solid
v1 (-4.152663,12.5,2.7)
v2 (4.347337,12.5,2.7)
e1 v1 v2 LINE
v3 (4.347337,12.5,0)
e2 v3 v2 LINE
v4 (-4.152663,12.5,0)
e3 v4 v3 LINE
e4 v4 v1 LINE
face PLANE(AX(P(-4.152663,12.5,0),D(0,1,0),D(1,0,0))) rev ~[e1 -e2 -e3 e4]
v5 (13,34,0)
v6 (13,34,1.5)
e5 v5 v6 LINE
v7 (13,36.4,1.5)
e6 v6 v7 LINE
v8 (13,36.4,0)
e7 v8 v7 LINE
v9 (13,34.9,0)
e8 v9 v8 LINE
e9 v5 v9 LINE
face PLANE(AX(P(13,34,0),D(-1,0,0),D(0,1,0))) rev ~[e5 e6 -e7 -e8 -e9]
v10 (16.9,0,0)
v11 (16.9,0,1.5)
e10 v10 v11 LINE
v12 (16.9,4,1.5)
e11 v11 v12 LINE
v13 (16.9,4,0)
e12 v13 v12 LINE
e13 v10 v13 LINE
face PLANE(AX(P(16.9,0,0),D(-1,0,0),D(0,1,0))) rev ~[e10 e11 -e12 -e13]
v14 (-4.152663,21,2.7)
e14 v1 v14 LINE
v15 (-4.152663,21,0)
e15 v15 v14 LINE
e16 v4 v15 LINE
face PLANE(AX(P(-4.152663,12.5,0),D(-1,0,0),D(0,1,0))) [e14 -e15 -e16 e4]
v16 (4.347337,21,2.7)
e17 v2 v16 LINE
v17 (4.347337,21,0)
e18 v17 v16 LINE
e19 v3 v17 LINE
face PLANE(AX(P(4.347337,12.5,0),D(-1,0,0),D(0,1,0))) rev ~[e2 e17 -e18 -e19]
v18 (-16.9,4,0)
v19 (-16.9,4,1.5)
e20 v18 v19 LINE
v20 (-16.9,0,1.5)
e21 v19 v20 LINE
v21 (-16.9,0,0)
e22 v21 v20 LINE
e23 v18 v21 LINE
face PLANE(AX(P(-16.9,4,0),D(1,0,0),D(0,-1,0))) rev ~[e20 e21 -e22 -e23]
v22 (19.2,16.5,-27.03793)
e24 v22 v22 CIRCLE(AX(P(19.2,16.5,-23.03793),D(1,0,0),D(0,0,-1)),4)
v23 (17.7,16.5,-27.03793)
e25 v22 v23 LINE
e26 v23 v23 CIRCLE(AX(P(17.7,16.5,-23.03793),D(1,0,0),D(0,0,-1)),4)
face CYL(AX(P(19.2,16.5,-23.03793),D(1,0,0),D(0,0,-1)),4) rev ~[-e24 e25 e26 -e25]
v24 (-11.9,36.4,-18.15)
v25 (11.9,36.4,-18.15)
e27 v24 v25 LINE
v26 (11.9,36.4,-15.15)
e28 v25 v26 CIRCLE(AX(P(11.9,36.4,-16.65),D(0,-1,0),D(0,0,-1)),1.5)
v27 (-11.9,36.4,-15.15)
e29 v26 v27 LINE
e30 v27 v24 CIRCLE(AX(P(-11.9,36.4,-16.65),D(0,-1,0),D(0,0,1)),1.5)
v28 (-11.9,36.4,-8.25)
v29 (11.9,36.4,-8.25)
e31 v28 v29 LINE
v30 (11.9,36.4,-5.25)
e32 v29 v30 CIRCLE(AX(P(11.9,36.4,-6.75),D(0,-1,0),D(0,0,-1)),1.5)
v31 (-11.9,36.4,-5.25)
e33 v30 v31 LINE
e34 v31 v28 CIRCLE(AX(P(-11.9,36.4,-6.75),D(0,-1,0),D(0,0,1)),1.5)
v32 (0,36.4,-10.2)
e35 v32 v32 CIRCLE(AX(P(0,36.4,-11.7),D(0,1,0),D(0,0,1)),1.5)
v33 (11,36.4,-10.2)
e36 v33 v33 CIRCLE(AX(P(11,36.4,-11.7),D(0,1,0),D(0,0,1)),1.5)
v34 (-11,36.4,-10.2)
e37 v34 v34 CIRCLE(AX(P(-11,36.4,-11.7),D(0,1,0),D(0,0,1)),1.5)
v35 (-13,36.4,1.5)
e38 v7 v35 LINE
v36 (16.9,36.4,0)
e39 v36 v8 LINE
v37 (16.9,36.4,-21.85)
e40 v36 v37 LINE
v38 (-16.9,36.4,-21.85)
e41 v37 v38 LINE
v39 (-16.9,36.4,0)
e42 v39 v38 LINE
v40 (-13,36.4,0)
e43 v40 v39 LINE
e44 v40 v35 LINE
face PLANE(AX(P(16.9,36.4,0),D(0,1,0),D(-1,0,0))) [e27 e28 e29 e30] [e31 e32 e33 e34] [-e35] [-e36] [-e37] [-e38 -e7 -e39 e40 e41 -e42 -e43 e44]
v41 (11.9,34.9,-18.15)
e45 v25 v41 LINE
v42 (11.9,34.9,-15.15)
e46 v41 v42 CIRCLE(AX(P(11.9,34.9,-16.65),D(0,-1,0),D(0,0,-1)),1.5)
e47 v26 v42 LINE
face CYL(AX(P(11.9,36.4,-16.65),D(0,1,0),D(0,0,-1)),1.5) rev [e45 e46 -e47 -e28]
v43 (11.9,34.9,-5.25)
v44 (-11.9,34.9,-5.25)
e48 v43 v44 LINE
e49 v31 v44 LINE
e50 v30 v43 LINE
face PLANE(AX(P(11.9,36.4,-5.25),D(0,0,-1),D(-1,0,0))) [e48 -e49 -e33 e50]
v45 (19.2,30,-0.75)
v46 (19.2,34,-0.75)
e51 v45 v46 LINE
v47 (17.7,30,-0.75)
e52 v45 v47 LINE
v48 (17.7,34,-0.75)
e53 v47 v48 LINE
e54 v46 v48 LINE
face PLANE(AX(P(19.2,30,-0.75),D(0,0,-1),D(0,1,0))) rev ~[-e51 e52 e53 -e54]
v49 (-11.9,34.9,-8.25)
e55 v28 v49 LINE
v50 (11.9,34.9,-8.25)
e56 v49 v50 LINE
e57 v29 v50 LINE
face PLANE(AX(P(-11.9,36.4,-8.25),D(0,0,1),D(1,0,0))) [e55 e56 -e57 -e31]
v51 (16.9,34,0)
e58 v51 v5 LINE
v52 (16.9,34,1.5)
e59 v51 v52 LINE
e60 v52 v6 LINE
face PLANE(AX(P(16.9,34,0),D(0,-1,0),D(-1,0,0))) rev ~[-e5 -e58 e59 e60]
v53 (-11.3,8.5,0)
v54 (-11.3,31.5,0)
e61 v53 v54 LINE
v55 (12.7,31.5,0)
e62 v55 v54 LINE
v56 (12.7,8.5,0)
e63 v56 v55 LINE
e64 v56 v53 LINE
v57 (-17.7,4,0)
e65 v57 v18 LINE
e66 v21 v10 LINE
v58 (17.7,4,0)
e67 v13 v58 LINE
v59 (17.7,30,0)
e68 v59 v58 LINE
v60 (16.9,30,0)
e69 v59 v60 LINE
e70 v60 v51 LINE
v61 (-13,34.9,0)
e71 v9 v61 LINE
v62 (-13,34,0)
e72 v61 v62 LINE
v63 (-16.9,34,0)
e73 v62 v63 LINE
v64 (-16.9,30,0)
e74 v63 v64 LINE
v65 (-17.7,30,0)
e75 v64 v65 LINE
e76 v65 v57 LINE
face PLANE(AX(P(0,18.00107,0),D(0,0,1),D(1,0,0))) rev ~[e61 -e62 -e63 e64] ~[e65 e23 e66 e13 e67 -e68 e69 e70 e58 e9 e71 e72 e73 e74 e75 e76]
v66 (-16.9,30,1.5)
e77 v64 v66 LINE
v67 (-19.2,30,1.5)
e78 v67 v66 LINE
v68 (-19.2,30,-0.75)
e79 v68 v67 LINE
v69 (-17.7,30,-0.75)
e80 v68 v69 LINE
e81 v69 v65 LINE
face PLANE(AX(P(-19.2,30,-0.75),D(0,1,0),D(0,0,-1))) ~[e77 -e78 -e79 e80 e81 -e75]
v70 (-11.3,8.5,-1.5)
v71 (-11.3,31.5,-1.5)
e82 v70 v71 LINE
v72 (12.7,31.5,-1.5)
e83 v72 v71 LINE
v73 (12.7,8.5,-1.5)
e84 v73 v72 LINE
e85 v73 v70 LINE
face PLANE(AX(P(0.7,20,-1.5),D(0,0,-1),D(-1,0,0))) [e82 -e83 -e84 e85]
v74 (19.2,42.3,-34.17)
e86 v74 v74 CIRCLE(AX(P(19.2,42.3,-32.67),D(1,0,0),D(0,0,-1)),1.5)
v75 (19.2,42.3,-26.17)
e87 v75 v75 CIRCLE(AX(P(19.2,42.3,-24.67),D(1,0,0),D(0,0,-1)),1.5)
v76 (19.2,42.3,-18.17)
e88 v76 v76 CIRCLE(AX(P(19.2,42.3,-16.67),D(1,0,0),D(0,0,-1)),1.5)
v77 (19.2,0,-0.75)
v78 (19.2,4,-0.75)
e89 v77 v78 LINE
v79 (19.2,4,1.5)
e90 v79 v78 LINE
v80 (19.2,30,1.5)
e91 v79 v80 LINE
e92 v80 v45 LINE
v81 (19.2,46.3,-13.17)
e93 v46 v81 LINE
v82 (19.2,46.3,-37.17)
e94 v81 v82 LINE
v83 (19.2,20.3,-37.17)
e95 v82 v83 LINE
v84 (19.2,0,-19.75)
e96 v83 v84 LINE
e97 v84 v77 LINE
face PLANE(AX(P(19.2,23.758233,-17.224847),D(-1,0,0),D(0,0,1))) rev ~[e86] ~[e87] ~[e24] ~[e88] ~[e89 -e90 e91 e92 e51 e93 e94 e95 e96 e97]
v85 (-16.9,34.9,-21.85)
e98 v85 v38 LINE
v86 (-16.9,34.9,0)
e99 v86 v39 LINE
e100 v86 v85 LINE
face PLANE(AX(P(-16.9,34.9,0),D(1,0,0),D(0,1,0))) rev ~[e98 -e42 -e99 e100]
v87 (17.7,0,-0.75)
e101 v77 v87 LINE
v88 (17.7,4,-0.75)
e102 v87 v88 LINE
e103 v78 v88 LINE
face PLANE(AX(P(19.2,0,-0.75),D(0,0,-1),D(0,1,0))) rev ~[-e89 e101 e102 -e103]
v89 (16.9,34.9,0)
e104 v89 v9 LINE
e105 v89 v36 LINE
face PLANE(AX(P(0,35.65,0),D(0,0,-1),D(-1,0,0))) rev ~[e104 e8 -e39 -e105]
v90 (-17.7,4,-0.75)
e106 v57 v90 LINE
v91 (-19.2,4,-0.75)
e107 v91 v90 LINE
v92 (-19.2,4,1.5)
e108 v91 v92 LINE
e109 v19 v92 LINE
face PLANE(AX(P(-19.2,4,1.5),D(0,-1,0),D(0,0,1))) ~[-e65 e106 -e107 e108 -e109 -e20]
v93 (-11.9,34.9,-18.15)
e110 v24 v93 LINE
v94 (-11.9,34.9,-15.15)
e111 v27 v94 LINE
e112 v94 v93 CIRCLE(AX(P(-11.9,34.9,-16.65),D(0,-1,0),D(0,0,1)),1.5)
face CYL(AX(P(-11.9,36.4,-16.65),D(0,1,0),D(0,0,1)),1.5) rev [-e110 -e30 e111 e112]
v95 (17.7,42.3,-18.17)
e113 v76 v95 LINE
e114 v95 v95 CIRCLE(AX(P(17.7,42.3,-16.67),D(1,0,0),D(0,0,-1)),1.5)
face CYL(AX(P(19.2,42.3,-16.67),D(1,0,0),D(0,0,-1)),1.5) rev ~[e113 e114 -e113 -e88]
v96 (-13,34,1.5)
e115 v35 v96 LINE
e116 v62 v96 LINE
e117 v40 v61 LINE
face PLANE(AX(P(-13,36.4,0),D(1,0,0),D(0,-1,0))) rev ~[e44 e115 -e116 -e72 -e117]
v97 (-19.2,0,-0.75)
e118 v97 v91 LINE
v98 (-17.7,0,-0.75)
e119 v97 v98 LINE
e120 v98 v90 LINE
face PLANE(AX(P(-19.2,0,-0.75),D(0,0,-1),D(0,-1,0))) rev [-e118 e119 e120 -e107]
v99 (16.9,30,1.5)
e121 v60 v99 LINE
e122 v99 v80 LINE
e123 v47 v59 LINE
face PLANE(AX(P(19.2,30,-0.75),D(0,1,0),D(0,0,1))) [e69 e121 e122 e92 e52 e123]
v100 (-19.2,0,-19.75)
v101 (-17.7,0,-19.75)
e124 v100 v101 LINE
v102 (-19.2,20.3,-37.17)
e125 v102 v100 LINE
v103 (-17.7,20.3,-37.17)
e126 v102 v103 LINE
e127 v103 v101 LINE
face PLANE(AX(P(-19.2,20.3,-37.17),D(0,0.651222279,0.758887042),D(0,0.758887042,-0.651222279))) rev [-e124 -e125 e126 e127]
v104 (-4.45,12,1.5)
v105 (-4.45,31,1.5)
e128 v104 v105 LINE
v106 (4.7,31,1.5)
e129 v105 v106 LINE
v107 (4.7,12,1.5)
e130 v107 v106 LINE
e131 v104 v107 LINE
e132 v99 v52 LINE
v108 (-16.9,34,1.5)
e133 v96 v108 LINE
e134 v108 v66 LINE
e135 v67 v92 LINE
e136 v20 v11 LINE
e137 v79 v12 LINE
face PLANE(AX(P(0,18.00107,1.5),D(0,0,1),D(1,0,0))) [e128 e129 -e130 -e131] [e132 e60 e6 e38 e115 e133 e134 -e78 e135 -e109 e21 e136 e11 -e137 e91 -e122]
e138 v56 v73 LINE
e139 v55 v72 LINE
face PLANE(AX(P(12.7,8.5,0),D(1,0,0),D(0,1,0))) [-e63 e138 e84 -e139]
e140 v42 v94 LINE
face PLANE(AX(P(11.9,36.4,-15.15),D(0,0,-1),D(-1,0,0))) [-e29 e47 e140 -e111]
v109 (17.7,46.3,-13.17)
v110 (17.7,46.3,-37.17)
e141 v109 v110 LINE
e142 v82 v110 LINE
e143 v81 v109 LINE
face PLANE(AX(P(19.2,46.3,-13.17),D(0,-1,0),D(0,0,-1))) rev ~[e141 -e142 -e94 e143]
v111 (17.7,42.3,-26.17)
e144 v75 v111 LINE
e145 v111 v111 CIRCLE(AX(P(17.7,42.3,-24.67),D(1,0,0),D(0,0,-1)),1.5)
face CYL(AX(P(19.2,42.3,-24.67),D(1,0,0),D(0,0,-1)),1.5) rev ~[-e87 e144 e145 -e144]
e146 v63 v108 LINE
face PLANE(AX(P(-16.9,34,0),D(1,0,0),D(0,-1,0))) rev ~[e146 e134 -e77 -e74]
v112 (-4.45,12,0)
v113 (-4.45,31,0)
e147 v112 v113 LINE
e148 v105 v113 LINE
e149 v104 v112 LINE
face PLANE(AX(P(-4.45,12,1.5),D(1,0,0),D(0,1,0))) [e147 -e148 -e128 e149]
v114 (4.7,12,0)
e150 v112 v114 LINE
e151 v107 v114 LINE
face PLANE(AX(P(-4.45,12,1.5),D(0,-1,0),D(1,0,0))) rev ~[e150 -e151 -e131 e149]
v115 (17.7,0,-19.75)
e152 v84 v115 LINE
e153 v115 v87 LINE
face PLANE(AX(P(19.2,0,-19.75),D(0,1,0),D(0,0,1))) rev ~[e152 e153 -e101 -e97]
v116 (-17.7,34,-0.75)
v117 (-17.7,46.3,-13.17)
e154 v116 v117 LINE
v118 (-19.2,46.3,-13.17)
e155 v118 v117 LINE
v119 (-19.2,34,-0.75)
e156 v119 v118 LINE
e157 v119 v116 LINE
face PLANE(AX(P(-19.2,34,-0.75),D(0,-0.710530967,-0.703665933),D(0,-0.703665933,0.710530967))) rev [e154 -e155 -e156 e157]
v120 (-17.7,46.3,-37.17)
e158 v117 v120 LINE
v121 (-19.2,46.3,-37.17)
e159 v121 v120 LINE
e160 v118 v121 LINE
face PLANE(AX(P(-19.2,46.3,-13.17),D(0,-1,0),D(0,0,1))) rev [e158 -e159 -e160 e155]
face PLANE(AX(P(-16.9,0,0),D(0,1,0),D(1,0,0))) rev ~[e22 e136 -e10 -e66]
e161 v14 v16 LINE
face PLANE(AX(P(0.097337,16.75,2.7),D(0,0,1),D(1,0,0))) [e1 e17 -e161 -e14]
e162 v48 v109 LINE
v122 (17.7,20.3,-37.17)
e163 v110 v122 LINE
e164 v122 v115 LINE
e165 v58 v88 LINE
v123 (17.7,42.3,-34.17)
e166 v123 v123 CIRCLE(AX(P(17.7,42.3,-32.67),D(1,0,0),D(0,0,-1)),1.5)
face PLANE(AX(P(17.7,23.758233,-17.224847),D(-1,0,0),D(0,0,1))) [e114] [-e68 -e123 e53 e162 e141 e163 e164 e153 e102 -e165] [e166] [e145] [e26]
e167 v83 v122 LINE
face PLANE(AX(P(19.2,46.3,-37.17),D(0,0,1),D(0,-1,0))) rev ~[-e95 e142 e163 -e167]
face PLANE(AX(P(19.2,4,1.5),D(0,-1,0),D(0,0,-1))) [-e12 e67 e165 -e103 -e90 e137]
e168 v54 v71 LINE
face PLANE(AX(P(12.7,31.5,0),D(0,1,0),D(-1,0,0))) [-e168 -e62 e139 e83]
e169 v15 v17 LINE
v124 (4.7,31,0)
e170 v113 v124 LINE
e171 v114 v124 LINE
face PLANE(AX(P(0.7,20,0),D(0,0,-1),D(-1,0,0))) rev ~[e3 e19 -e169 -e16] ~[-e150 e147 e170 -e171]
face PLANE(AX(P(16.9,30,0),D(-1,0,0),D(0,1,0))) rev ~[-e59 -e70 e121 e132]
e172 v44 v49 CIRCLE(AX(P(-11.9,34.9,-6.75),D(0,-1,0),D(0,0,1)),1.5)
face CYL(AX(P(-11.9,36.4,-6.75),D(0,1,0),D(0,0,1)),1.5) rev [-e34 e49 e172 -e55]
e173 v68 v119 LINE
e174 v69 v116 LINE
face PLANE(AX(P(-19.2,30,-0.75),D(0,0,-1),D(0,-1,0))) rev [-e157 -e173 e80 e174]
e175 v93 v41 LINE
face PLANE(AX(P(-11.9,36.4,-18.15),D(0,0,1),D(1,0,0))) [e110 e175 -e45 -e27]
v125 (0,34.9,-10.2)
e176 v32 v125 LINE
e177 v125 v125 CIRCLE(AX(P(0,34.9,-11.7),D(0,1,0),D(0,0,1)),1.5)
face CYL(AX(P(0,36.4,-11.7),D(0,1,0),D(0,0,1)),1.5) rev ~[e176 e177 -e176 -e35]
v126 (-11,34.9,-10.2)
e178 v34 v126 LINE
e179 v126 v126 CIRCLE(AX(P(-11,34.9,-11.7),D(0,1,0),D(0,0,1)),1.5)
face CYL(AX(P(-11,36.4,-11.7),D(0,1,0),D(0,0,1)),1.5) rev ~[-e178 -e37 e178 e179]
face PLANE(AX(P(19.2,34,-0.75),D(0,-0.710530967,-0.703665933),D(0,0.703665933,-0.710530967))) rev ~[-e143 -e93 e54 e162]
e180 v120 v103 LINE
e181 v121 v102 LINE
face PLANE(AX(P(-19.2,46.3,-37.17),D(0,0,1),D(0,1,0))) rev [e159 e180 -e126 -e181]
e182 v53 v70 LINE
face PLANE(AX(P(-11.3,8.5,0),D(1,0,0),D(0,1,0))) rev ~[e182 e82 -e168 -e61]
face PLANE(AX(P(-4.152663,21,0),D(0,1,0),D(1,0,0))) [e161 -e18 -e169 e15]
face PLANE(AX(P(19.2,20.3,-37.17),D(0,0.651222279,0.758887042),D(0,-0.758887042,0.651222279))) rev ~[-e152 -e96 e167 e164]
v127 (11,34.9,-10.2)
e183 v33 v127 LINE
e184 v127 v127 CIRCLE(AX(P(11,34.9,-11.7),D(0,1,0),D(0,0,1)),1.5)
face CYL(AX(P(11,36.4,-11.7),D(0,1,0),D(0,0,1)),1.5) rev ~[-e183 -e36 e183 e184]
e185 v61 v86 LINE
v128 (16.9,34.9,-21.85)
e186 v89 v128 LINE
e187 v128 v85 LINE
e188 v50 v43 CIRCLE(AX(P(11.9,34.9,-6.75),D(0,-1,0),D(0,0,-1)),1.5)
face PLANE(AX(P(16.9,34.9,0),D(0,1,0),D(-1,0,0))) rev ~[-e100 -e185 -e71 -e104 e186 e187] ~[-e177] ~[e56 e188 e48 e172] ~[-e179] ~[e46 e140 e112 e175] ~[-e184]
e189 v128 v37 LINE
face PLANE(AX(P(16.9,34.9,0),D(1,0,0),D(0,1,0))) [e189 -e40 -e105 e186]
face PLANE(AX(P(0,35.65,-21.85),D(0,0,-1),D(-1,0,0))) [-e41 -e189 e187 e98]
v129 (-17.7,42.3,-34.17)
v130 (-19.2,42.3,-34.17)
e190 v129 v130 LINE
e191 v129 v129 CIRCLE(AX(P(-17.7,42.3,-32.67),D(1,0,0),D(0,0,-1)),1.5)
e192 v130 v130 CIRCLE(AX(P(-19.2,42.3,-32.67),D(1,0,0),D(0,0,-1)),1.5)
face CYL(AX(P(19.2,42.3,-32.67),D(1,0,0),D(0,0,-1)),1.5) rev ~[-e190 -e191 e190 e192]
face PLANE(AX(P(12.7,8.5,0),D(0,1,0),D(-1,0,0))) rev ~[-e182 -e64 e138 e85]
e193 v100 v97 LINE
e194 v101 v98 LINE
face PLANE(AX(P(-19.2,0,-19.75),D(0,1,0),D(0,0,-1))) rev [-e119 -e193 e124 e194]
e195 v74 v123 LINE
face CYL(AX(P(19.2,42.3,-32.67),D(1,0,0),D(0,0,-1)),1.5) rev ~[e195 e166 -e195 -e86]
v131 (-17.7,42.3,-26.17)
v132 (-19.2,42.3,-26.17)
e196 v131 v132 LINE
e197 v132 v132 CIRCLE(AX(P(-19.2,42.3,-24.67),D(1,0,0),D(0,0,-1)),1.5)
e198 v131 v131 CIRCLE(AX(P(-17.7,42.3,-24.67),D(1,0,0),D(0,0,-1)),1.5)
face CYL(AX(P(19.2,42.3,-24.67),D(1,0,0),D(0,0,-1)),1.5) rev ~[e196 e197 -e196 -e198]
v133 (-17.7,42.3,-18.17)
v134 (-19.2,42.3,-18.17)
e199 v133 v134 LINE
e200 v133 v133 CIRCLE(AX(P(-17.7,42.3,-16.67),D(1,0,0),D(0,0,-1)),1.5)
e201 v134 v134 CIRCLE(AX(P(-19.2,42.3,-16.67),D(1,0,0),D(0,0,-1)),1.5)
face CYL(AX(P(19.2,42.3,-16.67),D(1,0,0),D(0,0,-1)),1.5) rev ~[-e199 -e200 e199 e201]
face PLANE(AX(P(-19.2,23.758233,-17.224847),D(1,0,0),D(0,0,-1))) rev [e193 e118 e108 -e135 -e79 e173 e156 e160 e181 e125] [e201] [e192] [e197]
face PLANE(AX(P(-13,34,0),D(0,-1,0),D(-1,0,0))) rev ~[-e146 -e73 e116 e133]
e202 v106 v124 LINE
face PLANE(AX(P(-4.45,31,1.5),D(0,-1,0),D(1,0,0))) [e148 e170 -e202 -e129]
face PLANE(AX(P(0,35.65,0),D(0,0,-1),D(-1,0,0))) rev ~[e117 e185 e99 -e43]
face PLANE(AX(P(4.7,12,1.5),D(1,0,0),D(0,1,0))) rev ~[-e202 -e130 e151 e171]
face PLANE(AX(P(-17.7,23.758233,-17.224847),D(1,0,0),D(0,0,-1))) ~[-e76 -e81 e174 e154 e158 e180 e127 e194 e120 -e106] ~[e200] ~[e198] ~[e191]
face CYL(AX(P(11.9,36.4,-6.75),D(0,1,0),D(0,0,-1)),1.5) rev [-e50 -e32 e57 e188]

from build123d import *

# Parameters (mm, degrees)
BOSS_EXTRUDE1_DEPTH = 1.5
SKETCH3_W           = 9.15
SKETCH3_H           = 19
CUT_EXTRUDE1_DEPTH  = 1.5
SKETCH2_W           = 33.8
SKETCH2_H           = 1.5
BOSS_EXTRUDE2_DEPTH = 21.85
SKETCH4_R           = 1.5
CUT_EXTRUDE2_DEPTH  = 1.5
BOSS_EXTRUDE3_DEPTH = 1.5
CUT_EXTRUDE4_REACH  = 72.71
SKETCH6_R           = 1.5
SKETCH6_3_R         = 4
CUT_EXTRUDE5_DEPTH  = 1.5
SKETCH8_W           = 24
SKETCH8_H           = 23
BOSS_EXTRUDE5_DEPTH = 1.5
SKETCH9_W           = 8.5
SKETCH9_H           = 8.5
BOSS_EXTRUDE6_DEPTH = 2.7


with BuildPart() as part:
    # Sketch1 → Boss-Extrude1 (new body)
    with BuildSketch(Plane.XY):
        Polygon((-16.9, 0), (16.9, 0), (16.9, 4), (19.2, 4), (19.2, 30), (16.9, 30), (16.9, 34), (13, 34), (13, 36.4), (-13, 36.4), (-13, 34), (-16.9, 34), (-16.9, 30), (-19.2, 30), (-19.2, 4), (-16.9, 4), align=None)
    extrude(amount=BOSS_EXTRUDE1_DEPTH)

    # Sketch3 → Cut-Extrude1 (cut)
    with BuildSketch(Plane.XY.offset(1.5)):
        with Locations((0.125, 21.5)):
            Rectangle(SKETCH3_W, SKETCH3_H)
    extrude(amount=-CUT_EXTRUDE1_DEPTH, mode=Mode.SUBTRACT)

    # Sketch2 → Boss-Extrude2 (add)
    with BuildSketch(Plane(origin=(0, 0, 0), x_dir=(-1, 0, 0), z_dir=(0, 0, -1))):
        with Locations((0, 35.65)):
            Rectangle(SKETCH2_W, SKETCH2_H)
    extrude(amount=BOSS_EXTRUDE2_DEPTH)

    # Sketch4 → Cut-Extrude2 (cut)
    with BuildSketch(Plane(origin=(0, 36.4, 0), x_dir=(1, 0, 0), z_dir=(0, 1, 0))):
        with Locations(Location((-11, 11.7, 0), (0, 0, 270))):
            Circle(SKETCH4_R)
        with Locations(Location((0, 11.7, 0), (0, 0, 270))):
            Circle(SKETCH4_R)
        with Locations(Location((11, 11.7, 0), (0, 0, 270))):
            Circle(SKETCH4_R)
        with BuildLine():
            Line((-11.9, 8.25), (11.9, 8.25))
            ThreePointArc((11.9, 8.25), (13.4, 6.75), (11.9, 5.25))
            Line((11.9, 5.25), (-11.9, 5.25))
            ThreePointArc((-11.9, 5.25), (-13.4, 6.75), (-11.9, 8.25))
        make_face()
        with BuildLine():
            Line((-11.9, 18.15), (11.9, 18.15))
            ThreePointArc((11.9, 18.15), (13.4, 16.65), (11.9, 15.15))
            Line((11.9, 15.15), (-11.9, 15.15))
            ThreePointArc((-11.9, 15.15), (-13.4, 16.65), (-11.9, 18.15))
        make_face()
    extrude(amount=-CUT_EXTRUDE2_DEPTH, mode=Mode.SUBTRACT)

    # Sketch5 → Boss-Extrude3 (add)
    with BuildSketch(Plane(origin=(19.2, 0, 0), x_dir=(0, 0, -1), z_dir=(1, 0, 0))):
        Polygon((0, 30), (0.75, 30), (0.75, 34), (13.17, 46.3), (37.17, 46.3), (37.17, 20.3), (19.75, 0), (0.75, 0), (0.75, 4), (0, 4), (-1.5, 4), (-1.5, 30), align=None)
    boss_extrude3 = extrude(amount=-BOSS_EXTRUDE3_DEPTH)

    # Mirror1: Boss-Extrude3 across plane
    add(boss_extrude3.mirror(Plane(origin=(0, 0, 0), x_dir=(0, 0, 1), z_dir=(1, 0, 0))))

    # Cut-Extrude4: up to this face of the body (flat: up to its plane)
    cut_extrude4_end = Plane(part.part.faces().sort_by_distance((-19.2, 23.875362989, -17.45186466))[0])
    # Sketch6 → Cut-Extrude4 (cut, up to the picked face)
    with BuildSketch(Plane(origin=(19.2, 0, 0), x_dir=(0, 0, -1), z_dir=(1, 0, 0)), mode=Mode.PRIVATE) as cut_extrude4_sk1:
        with Locations((16.67, 42.3)):
            Circle(SKETCH6_R)
    cut_extrude4_tool1 = split(extrude(cut_extrude4_sk1.sketch, amount=-CUT_EXTRUDE4_REACH, mode=Mode.PRIVATE), bisect_by=cut_extrude4_end, keep=Keep.BOTH, mode=Mode.PRIVATE)
    # Sketch6 → Cut-Extrude4 (cut, up to the picked face)
    with BuildSketch(Plane(origin=(19.2, 0, 0), x_dir=(0, 0, -1), z_dir=(1, 0, 0)), mode=Mode.PRIVATE) as cut_extrude4_sk2:
        with Locations((24.67, 42.3)):
            Circle(SKETCH6_R)
    cut_extrude4_tool2 = split(extrude(cut_extrude4_sk2.sketch, amount=-CUT_EXTRUDE4_REACH, mode=Mode.PRIVATE), bisect_by=cut_extrude4_end, keep=Keep.BOTH, mode=Mode.PRIVATE)
    # Sketch6 → Cut-Extrude4 (cut, up to the picked face)
    with BuildSketch(Plane(origin=(19.2, 0, 0), x_dir=(0, 0, -1), z_dir=(1, 0, 0)), mode=Mode.PRIVATE) as cut_extrude4_sk3:
        with Locations((32.67, 42.3)):
            Circle(SKETCH6_R)
    cut_extrude4_tool3 = split(extrude(cut_extrude4_sk3.sketch, amount=-CUT_EXTRUDE4_REACH, mode=Mode.PRIVATE), bisect_by=cut_extrude4_end, keep=Keep.BOTH, mode=Mode.PRIVATE)
    add(cut_extrude4_tool1.solids().sort_by(Axis((19.2, 42.3, -16.67), (-1, 0, 0)))[0], mode=Mode.SUBTRACT)
    add(cut_extrude4_tool2.solids().sort_by(Axis((19.2, 42.3, -24.67), (-1, 0, 0)))[0], mode=Mode.SUBTRACT)
    add(cut_extrude4_tool3.solids().sort_by(Axis((19.2, 42.3, -32.67), (-1, 0, 0)))[0], mode=Mode.SUBTRACT)

    # Sketch6<3> → Cut-Extrude5 (cut)
    with BuildSketch(Plane(origin=(19.2, 0, 0), x_dir=(0, 0, -1), z_dir=(1, 0, 0))):
        with Locations((23.037930183, 16.5)):
            Circle(SKETCH6_3_R)
    extrude(amount=-CUT_EXTRUDE5_DEPTH, mode=Mode.SUBTRACT)

    # Sketch8 → Boss-Extrude5 (add)
    with BuildSketch(Plane(origin=(0, 0, 0), x_dir=(-1, 0, 0), z_dir=(0, 0, -1))):
        with Locations((-0.7, 20)):
            Rectangle(SKETCH8_W, SKETCH8_H)
    extrude(amount=BOSS_EXTRUDE5_DEPTH)

    # Sketch9 → Boss-Extrude6 (add)
    with BuildSketch(Plane.XY):
        with Locations((0.097336639, 16.75)):
            Rectangle(SKETCH9_W, SKETCH9_H)
    extrude(amount=BOSS_EXTRUDE6_DEPTH)


solid = part.part
